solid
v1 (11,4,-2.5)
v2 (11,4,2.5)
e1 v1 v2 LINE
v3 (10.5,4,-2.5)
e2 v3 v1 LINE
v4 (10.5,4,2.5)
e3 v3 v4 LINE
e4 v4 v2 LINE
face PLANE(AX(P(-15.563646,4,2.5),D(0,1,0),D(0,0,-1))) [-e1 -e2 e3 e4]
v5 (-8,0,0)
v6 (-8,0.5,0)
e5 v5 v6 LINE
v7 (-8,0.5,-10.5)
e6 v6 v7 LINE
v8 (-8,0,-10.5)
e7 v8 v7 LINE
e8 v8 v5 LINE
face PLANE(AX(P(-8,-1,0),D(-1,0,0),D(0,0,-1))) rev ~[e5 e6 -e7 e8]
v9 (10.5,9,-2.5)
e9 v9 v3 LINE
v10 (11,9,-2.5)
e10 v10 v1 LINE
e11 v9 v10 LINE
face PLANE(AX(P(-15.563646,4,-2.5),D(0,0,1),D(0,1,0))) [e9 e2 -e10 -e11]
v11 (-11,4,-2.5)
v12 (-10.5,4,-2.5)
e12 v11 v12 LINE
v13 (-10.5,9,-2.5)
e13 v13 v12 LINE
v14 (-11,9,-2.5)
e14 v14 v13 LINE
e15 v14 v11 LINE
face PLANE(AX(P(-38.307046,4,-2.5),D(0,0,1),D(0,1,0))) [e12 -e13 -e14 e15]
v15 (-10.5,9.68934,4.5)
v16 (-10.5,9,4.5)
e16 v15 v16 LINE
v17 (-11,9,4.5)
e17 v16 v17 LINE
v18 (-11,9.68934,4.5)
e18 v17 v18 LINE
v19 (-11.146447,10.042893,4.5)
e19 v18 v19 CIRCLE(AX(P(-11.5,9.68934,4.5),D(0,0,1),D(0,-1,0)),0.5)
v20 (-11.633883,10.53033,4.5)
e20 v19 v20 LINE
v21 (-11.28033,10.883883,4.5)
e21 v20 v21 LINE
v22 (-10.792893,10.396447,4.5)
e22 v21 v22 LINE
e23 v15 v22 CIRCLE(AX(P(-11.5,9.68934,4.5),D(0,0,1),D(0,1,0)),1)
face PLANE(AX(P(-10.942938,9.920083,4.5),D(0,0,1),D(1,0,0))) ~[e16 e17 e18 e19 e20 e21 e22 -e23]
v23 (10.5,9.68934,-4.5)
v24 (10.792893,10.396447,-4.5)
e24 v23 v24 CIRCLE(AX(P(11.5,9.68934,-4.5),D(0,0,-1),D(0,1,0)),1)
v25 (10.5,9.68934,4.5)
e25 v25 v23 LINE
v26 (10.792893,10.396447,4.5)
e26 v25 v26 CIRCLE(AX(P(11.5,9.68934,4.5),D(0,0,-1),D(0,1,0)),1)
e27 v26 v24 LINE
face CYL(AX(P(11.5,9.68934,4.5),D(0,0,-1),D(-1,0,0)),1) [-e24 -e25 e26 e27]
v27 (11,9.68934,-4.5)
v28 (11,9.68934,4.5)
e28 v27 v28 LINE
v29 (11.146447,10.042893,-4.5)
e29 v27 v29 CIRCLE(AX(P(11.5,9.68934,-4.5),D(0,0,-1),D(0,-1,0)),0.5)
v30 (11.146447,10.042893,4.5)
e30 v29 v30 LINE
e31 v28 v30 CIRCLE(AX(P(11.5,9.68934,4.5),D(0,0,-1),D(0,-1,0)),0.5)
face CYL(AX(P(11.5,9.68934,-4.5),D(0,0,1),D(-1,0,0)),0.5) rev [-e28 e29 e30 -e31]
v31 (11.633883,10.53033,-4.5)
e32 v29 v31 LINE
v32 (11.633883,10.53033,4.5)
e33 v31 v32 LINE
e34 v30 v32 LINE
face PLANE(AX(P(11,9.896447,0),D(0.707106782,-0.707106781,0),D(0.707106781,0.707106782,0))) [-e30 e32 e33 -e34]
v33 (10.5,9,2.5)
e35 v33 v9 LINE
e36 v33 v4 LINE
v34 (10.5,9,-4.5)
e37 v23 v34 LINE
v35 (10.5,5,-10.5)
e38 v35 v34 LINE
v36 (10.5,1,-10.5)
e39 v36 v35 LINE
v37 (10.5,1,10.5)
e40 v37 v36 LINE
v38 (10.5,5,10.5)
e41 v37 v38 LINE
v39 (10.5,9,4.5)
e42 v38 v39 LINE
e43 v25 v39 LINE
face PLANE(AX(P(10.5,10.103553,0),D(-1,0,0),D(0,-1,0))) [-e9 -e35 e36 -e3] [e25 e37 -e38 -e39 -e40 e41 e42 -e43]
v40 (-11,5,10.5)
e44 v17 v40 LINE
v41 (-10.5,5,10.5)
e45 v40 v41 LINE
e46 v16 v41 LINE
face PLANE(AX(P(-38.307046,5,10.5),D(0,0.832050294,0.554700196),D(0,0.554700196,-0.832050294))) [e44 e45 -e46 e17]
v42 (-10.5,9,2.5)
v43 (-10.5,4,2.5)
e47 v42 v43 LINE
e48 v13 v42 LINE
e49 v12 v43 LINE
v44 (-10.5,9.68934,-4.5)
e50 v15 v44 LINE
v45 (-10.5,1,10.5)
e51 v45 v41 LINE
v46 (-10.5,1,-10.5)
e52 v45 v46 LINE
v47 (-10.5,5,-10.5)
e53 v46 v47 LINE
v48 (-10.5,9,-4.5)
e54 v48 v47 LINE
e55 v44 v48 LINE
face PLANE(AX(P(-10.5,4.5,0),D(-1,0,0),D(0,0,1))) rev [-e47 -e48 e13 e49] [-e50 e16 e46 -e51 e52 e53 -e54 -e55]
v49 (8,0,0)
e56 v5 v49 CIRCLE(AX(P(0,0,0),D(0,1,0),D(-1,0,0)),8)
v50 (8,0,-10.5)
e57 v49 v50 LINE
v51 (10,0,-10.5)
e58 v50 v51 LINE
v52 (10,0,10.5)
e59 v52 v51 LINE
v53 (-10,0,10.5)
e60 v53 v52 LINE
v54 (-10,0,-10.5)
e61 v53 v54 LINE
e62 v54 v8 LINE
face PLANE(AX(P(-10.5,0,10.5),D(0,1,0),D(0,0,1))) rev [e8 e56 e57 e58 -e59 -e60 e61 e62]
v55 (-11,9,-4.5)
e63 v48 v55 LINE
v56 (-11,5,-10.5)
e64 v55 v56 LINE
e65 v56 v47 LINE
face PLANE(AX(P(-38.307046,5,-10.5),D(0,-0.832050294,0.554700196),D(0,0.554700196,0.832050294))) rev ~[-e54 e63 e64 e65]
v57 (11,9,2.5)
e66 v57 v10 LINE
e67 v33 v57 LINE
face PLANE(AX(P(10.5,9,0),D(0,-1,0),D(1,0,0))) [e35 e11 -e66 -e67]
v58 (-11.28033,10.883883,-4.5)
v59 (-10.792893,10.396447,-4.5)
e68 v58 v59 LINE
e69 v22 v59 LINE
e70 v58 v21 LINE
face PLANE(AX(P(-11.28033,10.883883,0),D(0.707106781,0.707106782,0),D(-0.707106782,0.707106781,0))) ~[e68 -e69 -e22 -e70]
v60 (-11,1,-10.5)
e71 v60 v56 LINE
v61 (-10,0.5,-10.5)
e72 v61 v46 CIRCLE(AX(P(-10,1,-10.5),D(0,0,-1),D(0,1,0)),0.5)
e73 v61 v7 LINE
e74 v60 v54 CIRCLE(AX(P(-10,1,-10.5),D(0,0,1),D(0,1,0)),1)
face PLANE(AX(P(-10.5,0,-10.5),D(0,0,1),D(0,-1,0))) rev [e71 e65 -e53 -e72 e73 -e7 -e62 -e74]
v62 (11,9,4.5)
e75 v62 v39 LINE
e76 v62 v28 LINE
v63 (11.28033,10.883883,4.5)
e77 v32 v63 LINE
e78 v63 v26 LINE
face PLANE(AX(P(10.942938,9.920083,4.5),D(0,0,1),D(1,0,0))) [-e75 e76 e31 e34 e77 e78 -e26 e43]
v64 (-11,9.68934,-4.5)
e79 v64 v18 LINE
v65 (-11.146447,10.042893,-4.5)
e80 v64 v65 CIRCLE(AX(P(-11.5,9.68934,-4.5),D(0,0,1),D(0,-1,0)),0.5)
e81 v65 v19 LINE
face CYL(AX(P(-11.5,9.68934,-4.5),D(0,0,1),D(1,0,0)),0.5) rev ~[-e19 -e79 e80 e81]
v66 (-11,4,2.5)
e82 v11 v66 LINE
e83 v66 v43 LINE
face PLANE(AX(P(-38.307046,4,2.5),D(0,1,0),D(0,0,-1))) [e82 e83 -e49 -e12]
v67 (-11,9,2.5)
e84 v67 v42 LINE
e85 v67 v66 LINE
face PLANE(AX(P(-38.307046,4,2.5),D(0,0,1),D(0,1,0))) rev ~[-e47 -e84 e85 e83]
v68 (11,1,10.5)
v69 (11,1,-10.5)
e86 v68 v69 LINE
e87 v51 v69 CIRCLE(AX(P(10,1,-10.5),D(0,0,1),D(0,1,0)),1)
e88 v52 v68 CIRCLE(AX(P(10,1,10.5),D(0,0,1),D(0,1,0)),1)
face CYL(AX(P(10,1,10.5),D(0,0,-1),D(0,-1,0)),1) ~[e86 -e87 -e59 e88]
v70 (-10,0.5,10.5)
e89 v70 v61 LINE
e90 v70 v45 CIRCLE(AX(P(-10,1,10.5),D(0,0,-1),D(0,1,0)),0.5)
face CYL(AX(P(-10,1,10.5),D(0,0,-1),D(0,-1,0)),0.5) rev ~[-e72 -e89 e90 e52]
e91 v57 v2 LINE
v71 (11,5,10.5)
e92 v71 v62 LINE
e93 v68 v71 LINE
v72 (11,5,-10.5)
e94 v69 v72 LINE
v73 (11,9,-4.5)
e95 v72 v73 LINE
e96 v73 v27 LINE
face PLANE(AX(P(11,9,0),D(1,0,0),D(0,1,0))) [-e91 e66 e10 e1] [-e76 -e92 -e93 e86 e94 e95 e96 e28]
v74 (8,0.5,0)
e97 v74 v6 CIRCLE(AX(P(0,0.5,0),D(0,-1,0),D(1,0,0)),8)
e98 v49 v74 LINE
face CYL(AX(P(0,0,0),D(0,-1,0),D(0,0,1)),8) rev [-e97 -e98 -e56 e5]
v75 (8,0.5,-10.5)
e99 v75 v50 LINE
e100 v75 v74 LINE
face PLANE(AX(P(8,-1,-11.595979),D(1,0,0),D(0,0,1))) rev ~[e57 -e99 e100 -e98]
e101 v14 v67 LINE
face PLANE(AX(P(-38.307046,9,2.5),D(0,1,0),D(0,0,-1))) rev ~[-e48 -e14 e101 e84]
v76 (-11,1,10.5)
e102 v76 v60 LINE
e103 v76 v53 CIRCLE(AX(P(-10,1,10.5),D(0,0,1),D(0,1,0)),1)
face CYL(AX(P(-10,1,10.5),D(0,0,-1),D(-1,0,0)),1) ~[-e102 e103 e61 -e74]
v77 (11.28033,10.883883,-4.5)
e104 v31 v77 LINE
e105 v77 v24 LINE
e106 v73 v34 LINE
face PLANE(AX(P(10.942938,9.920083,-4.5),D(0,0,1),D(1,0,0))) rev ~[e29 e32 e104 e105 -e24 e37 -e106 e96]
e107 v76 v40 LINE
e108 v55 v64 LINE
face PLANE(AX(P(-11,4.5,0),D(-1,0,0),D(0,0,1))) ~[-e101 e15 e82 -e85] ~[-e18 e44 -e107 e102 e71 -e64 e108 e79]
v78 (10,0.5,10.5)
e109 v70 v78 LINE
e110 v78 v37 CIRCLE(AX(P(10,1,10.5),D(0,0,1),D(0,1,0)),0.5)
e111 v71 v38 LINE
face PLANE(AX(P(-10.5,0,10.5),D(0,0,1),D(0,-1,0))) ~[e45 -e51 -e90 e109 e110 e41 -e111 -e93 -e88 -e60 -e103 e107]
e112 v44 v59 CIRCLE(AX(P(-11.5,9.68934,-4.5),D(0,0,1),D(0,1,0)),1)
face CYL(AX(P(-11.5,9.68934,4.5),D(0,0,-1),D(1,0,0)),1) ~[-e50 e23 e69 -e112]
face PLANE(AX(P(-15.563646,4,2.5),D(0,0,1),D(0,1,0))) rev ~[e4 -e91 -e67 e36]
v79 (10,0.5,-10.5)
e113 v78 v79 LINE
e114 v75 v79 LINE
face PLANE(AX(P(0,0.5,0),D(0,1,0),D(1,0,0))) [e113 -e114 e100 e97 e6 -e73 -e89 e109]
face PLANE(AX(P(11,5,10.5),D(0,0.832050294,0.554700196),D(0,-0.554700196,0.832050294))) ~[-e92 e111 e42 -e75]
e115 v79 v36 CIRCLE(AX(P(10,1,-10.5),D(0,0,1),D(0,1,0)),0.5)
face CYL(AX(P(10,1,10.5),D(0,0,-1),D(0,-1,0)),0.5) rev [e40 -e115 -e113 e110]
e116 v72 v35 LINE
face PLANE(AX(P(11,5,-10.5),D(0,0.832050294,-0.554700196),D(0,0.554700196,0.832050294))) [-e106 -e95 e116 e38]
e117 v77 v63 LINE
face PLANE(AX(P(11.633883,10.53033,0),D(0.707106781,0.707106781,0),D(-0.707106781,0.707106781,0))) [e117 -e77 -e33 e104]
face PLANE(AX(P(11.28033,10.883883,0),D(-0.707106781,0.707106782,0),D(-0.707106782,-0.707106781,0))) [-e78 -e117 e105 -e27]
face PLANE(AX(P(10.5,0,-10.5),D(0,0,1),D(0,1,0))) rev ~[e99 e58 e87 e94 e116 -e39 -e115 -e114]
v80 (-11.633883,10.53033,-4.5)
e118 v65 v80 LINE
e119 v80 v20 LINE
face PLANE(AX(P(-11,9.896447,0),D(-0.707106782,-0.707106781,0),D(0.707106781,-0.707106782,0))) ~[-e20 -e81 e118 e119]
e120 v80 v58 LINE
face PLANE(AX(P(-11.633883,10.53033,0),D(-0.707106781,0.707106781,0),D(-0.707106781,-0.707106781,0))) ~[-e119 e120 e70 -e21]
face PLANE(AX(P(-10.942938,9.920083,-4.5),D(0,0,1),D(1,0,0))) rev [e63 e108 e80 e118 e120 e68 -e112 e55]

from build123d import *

# Parameters (mm, degrees)
SKETCH2_W               = 21
SKETCH2_H               = 21
SKETCH2_R               = 8
BOSS_EXTRUDE1_DEPTH     = 0.5
CUT_EXTRUDE1_START      = -1.5
CUT_EXTRUDE1_DEPTH      = 1.5
SKETCH4_W               = 21
SKETCH4_H               = 9
BOSS_EXTRUDE2_DEPTH     = 0.5
CUT_EXTRUDE2_DEPTH      = 26.563646062
CUT_EXTRUDE2_DEPTH_BACK = 26.563646062
SKETCH5_W               = 5
SKETCH5_H               = 5
CUT_EXTRUDE3_DEPTH      = 1.5
FILLET1_R               = 1
FILLET2_R               = 0.5
EXTRUDE_THIN1_DEPTH     = 4.5
FILLET3_R               = 0.5
FILLET4_R               = 1
CUT_EXTRUDE4_DEPTH      = 27.807046038
CUT_EXTRUDE4_DEPTH_BACK = 27.807046038
SKETCH8_W               = 5
SKETCH8_H               = 5
FILLET5_R               = 0.5
FILLET6_R               = 1


with BuildPart() as part:
    # Sketch2 → Boss-Extrude1 (new body)
    with BuildSketch(Plane(origin=(0, 0, 0), x_dir=(1, 0, 0), z_dir=(0, 1, 0))):
        Rectangle(SKETCH2_W, SKETCH2_H)
        with Locations(Location((0, 0, 0), (0, 0, 270))):
            Circle(SKETCH2_R, mode=Mode.SUBTRACT)
    extrude(amount=BOSS_EXTRUDE1_DEPTH)

    # Sketch3 → Cut-Extrude1 (cut)
    with BuildSketch(Plane(origin=(0, 0.5, 0), x_dir=(1, 0, 0), z_dir=(0, 1, 0)).offset(CUT_EXTRUDE1_START)):
        with BuildLine():
            Line((-8, 0), (-8, 10.5))
            Line((-8, 10.5), (-8, 11.595978523))
            Line((-8, 11.595978523), (8, 11.595978523))
            Line((8, 11.595978523), (8, 0))
            ThreePointArc((8, 0), (0, -8), (-8, 0))
        make_face()
    extrude(amount=CUT_EXTRUDE1_DEPTH, mode=Mode.SUBTRACT)

    # Sketch4 → Boss-Extrude2 (add)
    with BuildSketch(Plane(origin=(10.5, 0, 0), x_dir=(0, 0, -1), z_dir=(1, 0, 0))):
        with Locations((0, 4.5)):
            Rectangle(SKETCH4_W, SKETCH4_H)
    boss_extrude2 = extrude(amount=BOSS_EXTRUDE2_DEPTH)

    # Sketch5 → Cut-Extrude2 (cut, two sides: drawn at the far end of the back side and taken through both)
    with BuildSketch(Plane(origin=(11, 0, 0), x_dir=(0, 0, -1), z_dir=(1, 0, 0)).offset(-CUT_EXTRUDE2_DEPTH_BACK)):
        with Locations((0, 6.5)):
            Rectangle(SKETCH5_W, SKETCH5_H)
    extrude(amount=CUT_EXTRUDE2_DEPTH + CUT_EXTRUDE2_DEPTH_BACK, mode=Mode.SUBTRACT)

    # Sketch6 → Cut-Extrude3 (cut)
    with BuildSketch(Plane(origin=(11, 0, 0), x_dir=(0, 0, -1), z_dir=(1, 0, 0))):
        Polygon((10.5, 5), (4.5, 9), (4.5, 12.483472669), (11.734785125, 12.483472669), (11.734785125, 5), align=None)
    cut_extrude3 = extrude(amount=-CUT_EXTRUDE3_DEPTH, mode=Mode.SUBTRACT)

    # Mirror1: Cut-Extrude3 across plane
    add(cut_extrude3.mirror(Plane.XY), mode=Mode.SUBTRACT)

    # Fillet1
    fillet1_edges = [part.edges().sort_by_distance(p)[0] for p in [
        (11, 0, 0),
    ]]
    fillet(fillet1_edges, radius=FILLET1_R)

    # Fillet2
    fillet2_edges = [part.edges().sort_by_distance(p)[0] for p in [
        (10.5, 0.5, 0),
    ]]
    fillet(fillet2_edges, radius=FILLET2_R)

    # Sketch7 → Extrude-Thin1 (add, symmetric)
    with BuildSketch(Plane.XY):
        Polygon((11, 9), (11, 9.896446609), (11.633883476, 10.530330086), (11.280330086, 10.883883476), (10.5, 10.103553391), (10.5, 9), align=None)
    extrude_thin1 = extrude(amount=EXTRUDE_THIN1_DEPTH, both=True)

    # Fillet3
    fillet3_edges = [part.edges().sort_by_distance(p)[0] for p in [
        (11, 9.896446609, 0),
    ]]
    fillet(fillet3_edges, radius=FILLET3_R)

    # Fillet4
    fillet4_edges = [part.edges().sort_by_distance(p)[0] for p in [
        (10.5, 10.103553391, 0),
    ]]
    fillet(fillet4_edges, radius=FILLET4_R)

    # Mirror2: Boss-Extrude2, Extrude-Thin1 across plane
    add(boss_extrude2.mirror(Plane(origin=(0, 0, 0), x_dir=(0, 0, 1), z_dir=(1, 0, 0))))
    add(extrude_thin1.mirror(Plane(origin=(0, 0, 0), x_dir=(0, 0, 1), z_dir=(1, 0, 0))))

    # Sketch8 → Cut-Extrude4 (cut, two sides: drawn at the far end of the back side and taken through both)
    with BuildSketch(Plane(origin=(-10.5, 0, 0), x_dir=(0, 0, -1), z_dir=(1, 0, 0)).offset(-CUT_EXTRUDE4_DEPTH_BACK)):
        Polygon((4.5, 9), (4.5, 13.510449082), (11.904854474, 13.510449082), (11.904854474, 4.985722932), (10.5, 5), align=None)
        with Locations((0, 6.5)):
            Rectangle(SKETCH8_W, SKETCH8_H)
        Polygon((-10.5, 5), (-4.5, 9), (-4.5, 13.510449082), (-11.904854474, 13.510449082), (-11.904854474, 4.985722932), align=None)
    extrude(amount=CUT_EXTRUDE4_DEPTH + CUT_EXTRUDE4_DEPTH_BACK, mode=Mode.SUBTRACT)

    # Fillet5
    fillet5_edges = [part.edges().sort_by_distance(p)[0] for p in [
        (-10.5, 0.5, 0),
        (-11, 9.896446609, 0),
    ]]
    fillet(fillet5_edges, radius=FILLET5_R)

    # Fillet6
    fillet6_edges = [part.edges().sort_by_distance(p)[0] for p in [
        (-11, 0, 0),
        (-10.5, 10.103553391, 0),
    ]]
    fillet(fillet6_edges, radius=FILLET6_R)


solid = part.part
